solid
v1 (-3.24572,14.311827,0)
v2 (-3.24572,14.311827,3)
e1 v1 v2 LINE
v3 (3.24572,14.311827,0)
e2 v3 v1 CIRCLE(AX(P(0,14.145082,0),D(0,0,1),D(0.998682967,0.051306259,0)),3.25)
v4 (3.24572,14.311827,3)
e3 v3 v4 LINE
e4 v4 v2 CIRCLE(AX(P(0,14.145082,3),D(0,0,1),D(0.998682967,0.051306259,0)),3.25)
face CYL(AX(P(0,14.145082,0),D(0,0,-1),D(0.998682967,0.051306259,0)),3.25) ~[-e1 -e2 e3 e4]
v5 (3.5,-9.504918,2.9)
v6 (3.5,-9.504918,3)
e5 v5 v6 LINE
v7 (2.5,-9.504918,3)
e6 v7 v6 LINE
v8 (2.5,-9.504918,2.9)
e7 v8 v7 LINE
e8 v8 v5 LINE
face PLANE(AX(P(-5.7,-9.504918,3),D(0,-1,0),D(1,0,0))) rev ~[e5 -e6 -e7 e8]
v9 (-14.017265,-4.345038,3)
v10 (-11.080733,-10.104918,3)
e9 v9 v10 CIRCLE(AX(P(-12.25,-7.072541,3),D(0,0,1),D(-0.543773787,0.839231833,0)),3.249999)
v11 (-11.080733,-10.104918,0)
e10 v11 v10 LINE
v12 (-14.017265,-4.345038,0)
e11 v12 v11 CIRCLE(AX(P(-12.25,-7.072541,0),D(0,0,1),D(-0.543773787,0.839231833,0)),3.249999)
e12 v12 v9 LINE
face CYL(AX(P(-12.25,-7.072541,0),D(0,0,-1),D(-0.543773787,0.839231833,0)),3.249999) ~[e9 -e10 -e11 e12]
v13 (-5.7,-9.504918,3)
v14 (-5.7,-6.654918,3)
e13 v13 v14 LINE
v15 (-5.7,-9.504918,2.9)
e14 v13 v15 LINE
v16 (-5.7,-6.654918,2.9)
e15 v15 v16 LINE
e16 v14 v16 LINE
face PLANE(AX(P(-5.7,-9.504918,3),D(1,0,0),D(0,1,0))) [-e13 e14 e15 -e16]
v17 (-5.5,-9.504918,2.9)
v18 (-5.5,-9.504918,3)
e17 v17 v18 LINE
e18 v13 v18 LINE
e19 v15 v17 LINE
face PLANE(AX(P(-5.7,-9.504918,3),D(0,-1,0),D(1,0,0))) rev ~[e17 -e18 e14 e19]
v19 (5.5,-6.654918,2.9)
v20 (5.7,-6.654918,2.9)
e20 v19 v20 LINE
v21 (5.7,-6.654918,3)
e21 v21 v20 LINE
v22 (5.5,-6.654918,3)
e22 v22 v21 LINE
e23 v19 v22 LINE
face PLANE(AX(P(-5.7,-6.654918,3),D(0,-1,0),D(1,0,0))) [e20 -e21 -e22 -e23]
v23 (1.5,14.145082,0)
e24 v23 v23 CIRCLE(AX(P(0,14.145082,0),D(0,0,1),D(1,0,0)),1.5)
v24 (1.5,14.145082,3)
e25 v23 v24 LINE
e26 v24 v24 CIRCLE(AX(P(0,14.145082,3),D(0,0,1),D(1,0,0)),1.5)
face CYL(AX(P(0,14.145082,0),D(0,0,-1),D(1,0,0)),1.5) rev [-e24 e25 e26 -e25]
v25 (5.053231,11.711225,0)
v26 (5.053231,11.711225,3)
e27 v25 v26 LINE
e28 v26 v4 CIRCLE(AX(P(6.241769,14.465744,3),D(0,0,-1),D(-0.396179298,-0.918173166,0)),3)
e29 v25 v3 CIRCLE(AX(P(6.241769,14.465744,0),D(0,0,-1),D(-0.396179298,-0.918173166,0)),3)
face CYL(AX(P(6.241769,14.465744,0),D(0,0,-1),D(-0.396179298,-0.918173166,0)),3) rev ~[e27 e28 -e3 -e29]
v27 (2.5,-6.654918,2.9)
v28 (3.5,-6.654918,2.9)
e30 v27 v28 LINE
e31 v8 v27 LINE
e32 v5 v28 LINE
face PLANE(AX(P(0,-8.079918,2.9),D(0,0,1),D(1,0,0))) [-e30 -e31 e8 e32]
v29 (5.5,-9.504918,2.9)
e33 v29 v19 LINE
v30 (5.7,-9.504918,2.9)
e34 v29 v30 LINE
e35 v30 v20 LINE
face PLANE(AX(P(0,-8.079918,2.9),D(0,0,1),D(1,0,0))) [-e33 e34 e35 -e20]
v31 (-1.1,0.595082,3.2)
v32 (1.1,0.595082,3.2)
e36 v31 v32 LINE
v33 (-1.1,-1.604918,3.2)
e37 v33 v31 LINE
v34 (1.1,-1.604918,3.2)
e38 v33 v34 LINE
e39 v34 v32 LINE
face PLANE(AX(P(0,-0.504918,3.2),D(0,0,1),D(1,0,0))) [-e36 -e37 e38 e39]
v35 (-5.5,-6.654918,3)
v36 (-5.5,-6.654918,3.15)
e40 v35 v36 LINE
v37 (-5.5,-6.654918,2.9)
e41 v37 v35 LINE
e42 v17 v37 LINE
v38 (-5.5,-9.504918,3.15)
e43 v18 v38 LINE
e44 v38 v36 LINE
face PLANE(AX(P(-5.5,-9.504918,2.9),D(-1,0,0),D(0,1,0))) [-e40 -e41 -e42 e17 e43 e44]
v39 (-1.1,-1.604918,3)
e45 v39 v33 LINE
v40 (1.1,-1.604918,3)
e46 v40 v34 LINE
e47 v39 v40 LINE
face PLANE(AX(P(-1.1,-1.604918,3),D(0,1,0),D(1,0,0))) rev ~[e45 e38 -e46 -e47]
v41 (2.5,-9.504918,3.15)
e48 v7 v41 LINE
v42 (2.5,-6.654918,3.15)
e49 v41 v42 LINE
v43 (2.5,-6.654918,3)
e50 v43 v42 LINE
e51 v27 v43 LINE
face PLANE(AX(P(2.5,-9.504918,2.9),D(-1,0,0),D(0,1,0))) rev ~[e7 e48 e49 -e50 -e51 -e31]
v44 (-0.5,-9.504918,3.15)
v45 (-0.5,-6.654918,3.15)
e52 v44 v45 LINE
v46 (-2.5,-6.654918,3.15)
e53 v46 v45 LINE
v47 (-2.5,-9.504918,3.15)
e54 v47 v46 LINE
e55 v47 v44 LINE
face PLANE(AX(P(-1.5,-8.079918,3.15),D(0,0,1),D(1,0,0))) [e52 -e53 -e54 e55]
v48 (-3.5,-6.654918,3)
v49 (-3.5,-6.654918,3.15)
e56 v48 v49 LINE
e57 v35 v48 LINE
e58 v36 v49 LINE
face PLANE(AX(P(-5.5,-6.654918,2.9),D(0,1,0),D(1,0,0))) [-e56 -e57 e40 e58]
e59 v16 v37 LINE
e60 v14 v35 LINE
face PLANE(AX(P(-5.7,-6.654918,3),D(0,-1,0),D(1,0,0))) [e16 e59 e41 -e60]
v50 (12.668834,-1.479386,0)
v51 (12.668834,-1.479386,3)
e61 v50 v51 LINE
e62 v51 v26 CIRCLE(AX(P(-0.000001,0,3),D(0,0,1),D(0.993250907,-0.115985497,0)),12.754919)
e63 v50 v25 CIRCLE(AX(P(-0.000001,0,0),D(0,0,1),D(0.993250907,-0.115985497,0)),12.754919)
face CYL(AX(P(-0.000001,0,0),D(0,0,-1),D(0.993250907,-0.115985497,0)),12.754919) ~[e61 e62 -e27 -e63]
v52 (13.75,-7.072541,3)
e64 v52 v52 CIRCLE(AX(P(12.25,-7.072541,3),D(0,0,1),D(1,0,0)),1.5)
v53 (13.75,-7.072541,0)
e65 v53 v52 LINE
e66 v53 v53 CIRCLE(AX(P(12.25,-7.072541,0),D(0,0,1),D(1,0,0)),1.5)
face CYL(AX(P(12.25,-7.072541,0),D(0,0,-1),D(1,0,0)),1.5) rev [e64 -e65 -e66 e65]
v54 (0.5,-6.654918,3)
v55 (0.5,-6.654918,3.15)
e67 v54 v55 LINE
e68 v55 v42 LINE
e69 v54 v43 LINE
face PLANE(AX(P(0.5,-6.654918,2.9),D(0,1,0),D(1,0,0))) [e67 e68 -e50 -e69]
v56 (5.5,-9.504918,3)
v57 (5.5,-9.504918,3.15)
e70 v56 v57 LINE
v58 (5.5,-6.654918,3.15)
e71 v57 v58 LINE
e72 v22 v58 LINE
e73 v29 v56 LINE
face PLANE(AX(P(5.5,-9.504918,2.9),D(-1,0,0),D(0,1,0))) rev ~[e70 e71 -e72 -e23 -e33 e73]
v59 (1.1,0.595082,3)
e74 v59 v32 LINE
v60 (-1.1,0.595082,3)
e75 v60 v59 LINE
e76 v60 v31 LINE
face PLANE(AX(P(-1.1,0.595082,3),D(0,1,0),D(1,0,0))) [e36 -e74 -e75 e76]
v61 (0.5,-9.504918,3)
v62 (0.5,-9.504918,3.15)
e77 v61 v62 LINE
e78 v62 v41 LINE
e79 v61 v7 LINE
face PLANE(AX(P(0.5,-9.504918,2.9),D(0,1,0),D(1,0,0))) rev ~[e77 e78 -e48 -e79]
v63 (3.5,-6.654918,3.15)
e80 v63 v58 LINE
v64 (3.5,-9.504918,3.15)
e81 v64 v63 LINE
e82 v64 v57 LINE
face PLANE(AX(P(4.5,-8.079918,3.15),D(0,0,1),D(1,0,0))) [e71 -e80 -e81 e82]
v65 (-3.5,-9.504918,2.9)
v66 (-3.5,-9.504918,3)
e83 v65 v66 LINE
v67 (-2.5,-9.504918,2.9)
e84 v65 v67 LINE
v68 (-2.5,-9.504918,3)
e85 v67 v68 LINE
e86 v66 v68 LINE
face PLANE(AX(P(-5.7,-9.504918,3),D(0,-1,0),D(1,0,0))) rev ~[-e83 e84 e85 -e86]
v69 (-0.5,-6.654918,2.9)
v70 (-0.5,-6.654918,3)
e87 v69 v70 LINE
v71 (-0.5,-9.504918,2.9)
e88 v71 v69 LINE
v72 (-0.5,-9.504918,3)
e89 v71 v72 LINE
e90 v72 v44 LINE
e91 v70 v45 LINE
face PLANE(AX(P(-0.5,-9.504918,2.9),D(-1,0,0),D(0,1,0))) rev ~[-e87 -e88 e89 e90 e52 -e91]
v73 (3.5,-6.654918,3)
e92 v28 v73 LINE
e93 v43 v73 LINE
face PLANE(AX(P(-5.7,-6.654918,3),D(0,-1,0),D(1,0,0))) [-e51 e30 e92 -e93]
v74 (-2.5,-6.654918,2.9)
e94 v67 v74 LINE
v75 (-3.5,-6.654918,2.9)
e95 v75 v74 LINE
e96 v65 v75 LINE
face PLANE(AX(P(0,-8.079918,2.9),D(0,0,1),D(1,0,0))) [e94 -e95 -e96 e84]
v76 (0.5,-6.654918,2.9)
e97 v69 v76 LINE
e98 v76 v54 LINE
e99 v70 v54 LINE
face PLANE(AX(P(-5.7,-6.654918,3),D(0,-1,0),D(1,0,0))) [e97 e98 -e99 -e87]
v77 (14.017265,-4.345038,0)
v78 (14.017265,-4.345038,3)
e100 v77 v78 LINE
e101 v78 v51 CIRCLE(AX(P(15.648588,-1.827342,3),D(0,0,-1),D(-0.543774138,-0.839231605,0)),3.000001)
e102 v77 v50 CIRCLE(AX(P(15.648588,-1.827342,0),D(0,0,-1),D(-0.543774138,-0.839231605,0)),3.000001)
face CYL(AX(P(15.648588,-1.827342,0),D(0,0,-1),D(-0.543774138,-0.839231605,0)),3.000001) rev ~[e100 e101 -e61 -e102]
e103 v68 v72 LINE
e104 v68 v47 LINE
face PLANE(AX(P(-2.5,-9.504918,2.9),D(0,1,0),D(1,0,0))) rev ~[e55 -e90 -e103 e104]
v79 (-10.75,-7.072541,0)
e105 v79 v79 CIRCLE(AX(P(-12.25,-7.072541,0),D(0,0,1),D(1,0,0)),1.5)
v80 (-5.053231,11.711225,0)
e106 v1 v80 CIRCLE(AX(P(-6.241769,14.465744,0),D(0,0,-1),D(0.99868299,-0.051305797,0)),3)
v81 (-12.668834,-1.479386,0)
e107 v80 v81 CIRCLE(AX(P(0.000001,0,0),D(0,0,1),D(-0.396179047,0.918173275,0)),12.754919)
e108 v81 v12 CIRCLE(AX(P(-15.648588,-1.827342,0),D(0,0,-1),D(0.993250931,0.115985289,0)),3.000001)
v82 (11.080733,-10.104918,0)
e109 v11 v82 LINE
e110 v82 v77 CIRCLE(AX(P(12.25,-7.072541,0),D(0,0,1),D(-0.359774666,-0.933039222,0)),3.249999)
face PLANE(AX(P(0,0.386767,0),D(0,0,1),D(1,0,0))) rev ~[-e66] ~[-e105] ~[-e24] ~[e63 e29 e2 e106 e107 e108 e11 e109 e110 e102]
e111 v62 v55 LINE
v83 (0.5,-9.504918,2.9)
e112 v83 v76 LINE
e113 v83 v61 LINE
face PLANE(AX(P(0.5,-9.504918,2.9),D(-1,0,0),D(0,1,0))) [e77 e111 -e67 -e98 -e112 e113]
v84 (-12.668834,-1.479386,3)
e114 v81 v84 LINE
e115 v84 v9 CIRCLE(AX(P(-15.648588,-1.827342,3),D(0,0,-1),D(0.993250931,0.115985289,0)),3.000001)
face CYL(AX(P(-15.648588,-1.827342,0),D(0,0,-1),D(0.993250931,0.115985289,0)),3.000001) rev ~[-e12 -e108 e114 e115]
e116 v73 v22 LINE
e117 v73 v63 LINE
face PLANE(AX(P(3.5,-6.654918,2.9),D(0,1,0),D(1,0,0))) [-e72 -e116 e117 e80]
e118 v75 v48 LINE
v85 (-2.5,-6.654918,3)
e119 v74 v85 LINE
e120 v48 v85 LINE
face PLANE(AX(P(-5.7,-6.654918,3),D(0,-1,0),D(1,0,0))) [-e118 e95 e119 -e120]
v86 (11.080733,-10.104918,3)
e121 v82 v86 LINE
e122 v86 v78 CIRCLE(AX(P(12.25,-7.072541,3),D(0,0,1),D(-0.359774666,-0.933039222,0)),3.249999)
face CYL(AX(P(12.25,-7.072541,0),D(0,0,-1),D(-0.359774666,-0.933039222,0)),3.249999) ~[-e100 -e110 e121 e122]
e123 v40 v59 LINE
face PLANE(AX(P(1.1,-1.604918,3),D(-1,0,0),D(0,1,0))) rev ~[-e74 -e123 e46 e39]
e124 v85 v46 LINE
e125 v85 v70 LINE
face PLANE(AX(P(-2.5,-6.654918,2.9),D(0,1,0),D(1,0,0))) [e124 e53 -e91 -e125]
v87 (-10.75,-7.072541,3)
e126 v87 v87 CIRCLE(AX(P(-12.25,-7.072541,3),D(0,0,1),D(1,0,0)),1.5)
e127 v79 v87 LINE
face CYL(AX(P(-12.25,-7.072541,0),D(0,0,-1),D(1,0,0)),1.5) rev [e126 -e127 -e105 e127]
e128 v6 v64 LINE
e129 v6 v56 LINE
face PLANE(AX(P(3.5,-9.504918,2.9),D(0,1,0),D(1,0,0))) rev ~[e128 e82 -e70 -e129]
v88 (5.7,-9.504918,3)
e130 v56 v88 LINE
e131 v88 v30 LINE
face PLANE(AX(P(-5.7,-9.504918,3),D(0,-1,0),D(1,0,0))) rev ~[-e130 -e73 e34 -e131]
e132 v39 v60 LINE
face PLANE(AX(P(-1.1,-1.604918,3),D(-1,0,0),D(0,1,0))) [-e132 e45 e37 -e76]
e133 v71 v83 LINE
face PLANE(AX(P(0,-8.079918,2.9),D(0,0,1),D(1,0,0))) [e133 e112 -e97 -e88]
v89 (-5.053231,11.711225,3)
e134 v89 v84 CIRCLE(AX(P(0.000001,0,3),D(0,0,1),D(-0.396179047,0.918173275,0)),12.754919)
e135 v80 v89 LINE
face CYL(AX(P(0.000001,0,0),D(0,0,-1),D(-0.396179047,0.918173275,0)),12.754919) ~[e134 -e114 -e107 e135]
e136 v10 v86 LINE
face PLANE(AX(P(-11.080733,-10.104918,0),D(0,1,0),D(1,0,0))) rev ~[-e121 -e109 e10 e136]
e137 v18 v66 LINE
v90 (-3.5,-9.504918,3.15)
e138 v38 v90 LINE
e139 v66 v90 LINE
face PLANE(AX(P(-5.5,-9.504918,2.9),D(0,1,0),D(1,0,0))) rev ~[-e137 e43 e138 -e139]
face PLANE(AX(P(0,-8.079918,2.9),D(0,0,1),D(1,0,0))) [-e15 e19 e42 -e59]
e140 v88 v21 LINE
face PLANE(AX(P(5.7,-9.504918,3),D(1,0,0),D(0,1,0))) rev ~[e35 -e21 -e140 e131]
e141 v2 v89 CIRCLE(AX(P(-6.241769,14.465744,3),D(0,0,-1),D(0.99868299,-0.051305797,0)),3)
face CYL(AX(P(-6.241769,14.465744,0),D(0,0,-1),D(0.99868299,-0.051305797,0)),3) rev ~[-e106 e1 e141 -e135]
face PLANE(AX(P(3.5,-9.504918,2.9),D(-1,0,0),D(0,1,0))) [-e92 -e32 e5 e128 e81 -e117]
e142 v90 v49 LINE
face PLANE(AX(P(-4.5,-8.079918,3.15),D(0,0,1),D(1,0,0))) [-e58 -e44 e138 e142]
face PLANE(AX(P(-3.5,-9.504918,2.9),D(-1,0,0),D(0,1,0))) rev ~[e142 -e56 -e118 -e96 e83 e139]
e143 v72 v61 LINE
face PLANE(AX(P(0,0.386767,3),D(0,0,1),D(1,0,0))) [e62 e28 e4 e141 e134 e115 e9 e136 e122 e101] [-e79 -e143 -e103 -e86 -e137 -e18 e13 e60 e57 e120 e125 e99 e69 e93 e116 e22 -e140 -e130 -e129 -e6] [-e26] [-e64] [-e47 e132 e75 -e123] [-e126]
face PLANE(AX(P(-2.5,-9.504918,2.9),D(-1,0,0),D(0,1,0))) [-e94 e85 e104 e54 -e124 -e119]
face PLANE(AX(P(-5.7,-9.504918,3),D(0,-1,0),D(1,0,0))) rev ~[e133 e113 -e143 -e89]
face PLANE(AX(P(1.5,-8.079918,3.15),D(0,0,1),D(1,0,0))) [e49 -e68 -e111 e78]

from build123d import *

# Parameters (mm, degrees)
F0_R     = 1.5
F1_DEPTH = 3
F2_W     = 2.2
F2_H     = 2.2
F3_DEPTH = 0.2
F4_W     = 11.4
F4_H     = 2.85
F5_DEPTH = 0.1
F6_W     = 2
F6_H     = 2.85
F7_DEPTH = 0.25


with BuildPart() as f1:
    # F0 (on Top) → F1 (new body)
    with BuildSketch(Plane.XY):
        with BuildLine():
            ThreePointArc((5.053231, 11.711225), (3.778342, 12.753574), (3.24572, 14.311827))
            ThreePointArc((3.24572, 14.311827), (0, 17.395082), (-3.24572, 14.311827))
            ThreePointArc((-3.24572, 14.311827), (-3.778342, 12.753574), (-5.053231, 11.711225))
            ThreePointArc((-5.053231, 11.711225), (-11.046083, 6.377459), (-12.668834, -1.479386))
            ThreePointArc((-12.668834, -1.479386), (-12.93409, -3.104647), (-14.017265, -4.345038))
            ThreePointArc((-14.017265, -4.345038), (-15.14542, -8.548699), (-11.080733, -10.104918))
            Line((-11.080733, -10.104918), (-6.711389, -10.104918))
            Line((-6.711389, -10.104918), (7.566323, -10.104918))
            Line((7.566323, -10.104918), (11.080733, -10.104918))
            ThreePointArc((11.080733, -10.104918), (15.14542, -8.548699), (14.017265, -4.345038))
            ThreePointArc((14.017265, -4.345038), (12.93409, -3.104647), (12.668834, -1.479386))
            ThreePointArc((12.668834, -1.479386), (11.046083, 6.377459), (5.053231, 11.711225))
        make_face()
        with Locations((-12.25, -7.072541)):
            Circle(F0_R, mode=Mode.SUBTRACT)
        with Locations((12.25, -7.072541)):
            Circle(F0_R, mode=Mode.SUBTRACT)
        with Locations((0, 14.145082)):
            Circle(F0_R, mode=Mode.SUBTRACT)
    extrude(amount=F1_DEPTH)

    # F2 (on face) → F3 (join)
    with BuildSketch(Plane.XY.offset(3)):
        with Locations((0, -0.504918)):
            Rectangle(F2_W, F2_H)
    extrude(amount=F3_DEPTH)

    # F4 (on face) → F5 (cut)
    with BuildSketch(Plane.XY.offset(3)):
        with Locations((0, -8.079918)):
            Rectangle(F4_W, F4_H)
    extrude(amount=-F5_DEPTH, mode=Mode.SUBTRACT)

    # F6 (on face) → F7 (join)
    with BuildSketch(Plane.XY.offset(2.9)):
        with Locations((-1.5, -8.079918)):
            Rectangle(F6_W, F6_H)
        with Locations((-4.5, -8.079918)):
            Rectangle(F6_W, F6_H)
        with Locations((1.5, -8.079918)):
            Rectangle(F6_W, F6_H)
        with Locations((4.5, -8.079918)):
            Rectangle(F6_W, F6_H)
    extrude(amount=F7_DEPTH)


solid = f1.part
